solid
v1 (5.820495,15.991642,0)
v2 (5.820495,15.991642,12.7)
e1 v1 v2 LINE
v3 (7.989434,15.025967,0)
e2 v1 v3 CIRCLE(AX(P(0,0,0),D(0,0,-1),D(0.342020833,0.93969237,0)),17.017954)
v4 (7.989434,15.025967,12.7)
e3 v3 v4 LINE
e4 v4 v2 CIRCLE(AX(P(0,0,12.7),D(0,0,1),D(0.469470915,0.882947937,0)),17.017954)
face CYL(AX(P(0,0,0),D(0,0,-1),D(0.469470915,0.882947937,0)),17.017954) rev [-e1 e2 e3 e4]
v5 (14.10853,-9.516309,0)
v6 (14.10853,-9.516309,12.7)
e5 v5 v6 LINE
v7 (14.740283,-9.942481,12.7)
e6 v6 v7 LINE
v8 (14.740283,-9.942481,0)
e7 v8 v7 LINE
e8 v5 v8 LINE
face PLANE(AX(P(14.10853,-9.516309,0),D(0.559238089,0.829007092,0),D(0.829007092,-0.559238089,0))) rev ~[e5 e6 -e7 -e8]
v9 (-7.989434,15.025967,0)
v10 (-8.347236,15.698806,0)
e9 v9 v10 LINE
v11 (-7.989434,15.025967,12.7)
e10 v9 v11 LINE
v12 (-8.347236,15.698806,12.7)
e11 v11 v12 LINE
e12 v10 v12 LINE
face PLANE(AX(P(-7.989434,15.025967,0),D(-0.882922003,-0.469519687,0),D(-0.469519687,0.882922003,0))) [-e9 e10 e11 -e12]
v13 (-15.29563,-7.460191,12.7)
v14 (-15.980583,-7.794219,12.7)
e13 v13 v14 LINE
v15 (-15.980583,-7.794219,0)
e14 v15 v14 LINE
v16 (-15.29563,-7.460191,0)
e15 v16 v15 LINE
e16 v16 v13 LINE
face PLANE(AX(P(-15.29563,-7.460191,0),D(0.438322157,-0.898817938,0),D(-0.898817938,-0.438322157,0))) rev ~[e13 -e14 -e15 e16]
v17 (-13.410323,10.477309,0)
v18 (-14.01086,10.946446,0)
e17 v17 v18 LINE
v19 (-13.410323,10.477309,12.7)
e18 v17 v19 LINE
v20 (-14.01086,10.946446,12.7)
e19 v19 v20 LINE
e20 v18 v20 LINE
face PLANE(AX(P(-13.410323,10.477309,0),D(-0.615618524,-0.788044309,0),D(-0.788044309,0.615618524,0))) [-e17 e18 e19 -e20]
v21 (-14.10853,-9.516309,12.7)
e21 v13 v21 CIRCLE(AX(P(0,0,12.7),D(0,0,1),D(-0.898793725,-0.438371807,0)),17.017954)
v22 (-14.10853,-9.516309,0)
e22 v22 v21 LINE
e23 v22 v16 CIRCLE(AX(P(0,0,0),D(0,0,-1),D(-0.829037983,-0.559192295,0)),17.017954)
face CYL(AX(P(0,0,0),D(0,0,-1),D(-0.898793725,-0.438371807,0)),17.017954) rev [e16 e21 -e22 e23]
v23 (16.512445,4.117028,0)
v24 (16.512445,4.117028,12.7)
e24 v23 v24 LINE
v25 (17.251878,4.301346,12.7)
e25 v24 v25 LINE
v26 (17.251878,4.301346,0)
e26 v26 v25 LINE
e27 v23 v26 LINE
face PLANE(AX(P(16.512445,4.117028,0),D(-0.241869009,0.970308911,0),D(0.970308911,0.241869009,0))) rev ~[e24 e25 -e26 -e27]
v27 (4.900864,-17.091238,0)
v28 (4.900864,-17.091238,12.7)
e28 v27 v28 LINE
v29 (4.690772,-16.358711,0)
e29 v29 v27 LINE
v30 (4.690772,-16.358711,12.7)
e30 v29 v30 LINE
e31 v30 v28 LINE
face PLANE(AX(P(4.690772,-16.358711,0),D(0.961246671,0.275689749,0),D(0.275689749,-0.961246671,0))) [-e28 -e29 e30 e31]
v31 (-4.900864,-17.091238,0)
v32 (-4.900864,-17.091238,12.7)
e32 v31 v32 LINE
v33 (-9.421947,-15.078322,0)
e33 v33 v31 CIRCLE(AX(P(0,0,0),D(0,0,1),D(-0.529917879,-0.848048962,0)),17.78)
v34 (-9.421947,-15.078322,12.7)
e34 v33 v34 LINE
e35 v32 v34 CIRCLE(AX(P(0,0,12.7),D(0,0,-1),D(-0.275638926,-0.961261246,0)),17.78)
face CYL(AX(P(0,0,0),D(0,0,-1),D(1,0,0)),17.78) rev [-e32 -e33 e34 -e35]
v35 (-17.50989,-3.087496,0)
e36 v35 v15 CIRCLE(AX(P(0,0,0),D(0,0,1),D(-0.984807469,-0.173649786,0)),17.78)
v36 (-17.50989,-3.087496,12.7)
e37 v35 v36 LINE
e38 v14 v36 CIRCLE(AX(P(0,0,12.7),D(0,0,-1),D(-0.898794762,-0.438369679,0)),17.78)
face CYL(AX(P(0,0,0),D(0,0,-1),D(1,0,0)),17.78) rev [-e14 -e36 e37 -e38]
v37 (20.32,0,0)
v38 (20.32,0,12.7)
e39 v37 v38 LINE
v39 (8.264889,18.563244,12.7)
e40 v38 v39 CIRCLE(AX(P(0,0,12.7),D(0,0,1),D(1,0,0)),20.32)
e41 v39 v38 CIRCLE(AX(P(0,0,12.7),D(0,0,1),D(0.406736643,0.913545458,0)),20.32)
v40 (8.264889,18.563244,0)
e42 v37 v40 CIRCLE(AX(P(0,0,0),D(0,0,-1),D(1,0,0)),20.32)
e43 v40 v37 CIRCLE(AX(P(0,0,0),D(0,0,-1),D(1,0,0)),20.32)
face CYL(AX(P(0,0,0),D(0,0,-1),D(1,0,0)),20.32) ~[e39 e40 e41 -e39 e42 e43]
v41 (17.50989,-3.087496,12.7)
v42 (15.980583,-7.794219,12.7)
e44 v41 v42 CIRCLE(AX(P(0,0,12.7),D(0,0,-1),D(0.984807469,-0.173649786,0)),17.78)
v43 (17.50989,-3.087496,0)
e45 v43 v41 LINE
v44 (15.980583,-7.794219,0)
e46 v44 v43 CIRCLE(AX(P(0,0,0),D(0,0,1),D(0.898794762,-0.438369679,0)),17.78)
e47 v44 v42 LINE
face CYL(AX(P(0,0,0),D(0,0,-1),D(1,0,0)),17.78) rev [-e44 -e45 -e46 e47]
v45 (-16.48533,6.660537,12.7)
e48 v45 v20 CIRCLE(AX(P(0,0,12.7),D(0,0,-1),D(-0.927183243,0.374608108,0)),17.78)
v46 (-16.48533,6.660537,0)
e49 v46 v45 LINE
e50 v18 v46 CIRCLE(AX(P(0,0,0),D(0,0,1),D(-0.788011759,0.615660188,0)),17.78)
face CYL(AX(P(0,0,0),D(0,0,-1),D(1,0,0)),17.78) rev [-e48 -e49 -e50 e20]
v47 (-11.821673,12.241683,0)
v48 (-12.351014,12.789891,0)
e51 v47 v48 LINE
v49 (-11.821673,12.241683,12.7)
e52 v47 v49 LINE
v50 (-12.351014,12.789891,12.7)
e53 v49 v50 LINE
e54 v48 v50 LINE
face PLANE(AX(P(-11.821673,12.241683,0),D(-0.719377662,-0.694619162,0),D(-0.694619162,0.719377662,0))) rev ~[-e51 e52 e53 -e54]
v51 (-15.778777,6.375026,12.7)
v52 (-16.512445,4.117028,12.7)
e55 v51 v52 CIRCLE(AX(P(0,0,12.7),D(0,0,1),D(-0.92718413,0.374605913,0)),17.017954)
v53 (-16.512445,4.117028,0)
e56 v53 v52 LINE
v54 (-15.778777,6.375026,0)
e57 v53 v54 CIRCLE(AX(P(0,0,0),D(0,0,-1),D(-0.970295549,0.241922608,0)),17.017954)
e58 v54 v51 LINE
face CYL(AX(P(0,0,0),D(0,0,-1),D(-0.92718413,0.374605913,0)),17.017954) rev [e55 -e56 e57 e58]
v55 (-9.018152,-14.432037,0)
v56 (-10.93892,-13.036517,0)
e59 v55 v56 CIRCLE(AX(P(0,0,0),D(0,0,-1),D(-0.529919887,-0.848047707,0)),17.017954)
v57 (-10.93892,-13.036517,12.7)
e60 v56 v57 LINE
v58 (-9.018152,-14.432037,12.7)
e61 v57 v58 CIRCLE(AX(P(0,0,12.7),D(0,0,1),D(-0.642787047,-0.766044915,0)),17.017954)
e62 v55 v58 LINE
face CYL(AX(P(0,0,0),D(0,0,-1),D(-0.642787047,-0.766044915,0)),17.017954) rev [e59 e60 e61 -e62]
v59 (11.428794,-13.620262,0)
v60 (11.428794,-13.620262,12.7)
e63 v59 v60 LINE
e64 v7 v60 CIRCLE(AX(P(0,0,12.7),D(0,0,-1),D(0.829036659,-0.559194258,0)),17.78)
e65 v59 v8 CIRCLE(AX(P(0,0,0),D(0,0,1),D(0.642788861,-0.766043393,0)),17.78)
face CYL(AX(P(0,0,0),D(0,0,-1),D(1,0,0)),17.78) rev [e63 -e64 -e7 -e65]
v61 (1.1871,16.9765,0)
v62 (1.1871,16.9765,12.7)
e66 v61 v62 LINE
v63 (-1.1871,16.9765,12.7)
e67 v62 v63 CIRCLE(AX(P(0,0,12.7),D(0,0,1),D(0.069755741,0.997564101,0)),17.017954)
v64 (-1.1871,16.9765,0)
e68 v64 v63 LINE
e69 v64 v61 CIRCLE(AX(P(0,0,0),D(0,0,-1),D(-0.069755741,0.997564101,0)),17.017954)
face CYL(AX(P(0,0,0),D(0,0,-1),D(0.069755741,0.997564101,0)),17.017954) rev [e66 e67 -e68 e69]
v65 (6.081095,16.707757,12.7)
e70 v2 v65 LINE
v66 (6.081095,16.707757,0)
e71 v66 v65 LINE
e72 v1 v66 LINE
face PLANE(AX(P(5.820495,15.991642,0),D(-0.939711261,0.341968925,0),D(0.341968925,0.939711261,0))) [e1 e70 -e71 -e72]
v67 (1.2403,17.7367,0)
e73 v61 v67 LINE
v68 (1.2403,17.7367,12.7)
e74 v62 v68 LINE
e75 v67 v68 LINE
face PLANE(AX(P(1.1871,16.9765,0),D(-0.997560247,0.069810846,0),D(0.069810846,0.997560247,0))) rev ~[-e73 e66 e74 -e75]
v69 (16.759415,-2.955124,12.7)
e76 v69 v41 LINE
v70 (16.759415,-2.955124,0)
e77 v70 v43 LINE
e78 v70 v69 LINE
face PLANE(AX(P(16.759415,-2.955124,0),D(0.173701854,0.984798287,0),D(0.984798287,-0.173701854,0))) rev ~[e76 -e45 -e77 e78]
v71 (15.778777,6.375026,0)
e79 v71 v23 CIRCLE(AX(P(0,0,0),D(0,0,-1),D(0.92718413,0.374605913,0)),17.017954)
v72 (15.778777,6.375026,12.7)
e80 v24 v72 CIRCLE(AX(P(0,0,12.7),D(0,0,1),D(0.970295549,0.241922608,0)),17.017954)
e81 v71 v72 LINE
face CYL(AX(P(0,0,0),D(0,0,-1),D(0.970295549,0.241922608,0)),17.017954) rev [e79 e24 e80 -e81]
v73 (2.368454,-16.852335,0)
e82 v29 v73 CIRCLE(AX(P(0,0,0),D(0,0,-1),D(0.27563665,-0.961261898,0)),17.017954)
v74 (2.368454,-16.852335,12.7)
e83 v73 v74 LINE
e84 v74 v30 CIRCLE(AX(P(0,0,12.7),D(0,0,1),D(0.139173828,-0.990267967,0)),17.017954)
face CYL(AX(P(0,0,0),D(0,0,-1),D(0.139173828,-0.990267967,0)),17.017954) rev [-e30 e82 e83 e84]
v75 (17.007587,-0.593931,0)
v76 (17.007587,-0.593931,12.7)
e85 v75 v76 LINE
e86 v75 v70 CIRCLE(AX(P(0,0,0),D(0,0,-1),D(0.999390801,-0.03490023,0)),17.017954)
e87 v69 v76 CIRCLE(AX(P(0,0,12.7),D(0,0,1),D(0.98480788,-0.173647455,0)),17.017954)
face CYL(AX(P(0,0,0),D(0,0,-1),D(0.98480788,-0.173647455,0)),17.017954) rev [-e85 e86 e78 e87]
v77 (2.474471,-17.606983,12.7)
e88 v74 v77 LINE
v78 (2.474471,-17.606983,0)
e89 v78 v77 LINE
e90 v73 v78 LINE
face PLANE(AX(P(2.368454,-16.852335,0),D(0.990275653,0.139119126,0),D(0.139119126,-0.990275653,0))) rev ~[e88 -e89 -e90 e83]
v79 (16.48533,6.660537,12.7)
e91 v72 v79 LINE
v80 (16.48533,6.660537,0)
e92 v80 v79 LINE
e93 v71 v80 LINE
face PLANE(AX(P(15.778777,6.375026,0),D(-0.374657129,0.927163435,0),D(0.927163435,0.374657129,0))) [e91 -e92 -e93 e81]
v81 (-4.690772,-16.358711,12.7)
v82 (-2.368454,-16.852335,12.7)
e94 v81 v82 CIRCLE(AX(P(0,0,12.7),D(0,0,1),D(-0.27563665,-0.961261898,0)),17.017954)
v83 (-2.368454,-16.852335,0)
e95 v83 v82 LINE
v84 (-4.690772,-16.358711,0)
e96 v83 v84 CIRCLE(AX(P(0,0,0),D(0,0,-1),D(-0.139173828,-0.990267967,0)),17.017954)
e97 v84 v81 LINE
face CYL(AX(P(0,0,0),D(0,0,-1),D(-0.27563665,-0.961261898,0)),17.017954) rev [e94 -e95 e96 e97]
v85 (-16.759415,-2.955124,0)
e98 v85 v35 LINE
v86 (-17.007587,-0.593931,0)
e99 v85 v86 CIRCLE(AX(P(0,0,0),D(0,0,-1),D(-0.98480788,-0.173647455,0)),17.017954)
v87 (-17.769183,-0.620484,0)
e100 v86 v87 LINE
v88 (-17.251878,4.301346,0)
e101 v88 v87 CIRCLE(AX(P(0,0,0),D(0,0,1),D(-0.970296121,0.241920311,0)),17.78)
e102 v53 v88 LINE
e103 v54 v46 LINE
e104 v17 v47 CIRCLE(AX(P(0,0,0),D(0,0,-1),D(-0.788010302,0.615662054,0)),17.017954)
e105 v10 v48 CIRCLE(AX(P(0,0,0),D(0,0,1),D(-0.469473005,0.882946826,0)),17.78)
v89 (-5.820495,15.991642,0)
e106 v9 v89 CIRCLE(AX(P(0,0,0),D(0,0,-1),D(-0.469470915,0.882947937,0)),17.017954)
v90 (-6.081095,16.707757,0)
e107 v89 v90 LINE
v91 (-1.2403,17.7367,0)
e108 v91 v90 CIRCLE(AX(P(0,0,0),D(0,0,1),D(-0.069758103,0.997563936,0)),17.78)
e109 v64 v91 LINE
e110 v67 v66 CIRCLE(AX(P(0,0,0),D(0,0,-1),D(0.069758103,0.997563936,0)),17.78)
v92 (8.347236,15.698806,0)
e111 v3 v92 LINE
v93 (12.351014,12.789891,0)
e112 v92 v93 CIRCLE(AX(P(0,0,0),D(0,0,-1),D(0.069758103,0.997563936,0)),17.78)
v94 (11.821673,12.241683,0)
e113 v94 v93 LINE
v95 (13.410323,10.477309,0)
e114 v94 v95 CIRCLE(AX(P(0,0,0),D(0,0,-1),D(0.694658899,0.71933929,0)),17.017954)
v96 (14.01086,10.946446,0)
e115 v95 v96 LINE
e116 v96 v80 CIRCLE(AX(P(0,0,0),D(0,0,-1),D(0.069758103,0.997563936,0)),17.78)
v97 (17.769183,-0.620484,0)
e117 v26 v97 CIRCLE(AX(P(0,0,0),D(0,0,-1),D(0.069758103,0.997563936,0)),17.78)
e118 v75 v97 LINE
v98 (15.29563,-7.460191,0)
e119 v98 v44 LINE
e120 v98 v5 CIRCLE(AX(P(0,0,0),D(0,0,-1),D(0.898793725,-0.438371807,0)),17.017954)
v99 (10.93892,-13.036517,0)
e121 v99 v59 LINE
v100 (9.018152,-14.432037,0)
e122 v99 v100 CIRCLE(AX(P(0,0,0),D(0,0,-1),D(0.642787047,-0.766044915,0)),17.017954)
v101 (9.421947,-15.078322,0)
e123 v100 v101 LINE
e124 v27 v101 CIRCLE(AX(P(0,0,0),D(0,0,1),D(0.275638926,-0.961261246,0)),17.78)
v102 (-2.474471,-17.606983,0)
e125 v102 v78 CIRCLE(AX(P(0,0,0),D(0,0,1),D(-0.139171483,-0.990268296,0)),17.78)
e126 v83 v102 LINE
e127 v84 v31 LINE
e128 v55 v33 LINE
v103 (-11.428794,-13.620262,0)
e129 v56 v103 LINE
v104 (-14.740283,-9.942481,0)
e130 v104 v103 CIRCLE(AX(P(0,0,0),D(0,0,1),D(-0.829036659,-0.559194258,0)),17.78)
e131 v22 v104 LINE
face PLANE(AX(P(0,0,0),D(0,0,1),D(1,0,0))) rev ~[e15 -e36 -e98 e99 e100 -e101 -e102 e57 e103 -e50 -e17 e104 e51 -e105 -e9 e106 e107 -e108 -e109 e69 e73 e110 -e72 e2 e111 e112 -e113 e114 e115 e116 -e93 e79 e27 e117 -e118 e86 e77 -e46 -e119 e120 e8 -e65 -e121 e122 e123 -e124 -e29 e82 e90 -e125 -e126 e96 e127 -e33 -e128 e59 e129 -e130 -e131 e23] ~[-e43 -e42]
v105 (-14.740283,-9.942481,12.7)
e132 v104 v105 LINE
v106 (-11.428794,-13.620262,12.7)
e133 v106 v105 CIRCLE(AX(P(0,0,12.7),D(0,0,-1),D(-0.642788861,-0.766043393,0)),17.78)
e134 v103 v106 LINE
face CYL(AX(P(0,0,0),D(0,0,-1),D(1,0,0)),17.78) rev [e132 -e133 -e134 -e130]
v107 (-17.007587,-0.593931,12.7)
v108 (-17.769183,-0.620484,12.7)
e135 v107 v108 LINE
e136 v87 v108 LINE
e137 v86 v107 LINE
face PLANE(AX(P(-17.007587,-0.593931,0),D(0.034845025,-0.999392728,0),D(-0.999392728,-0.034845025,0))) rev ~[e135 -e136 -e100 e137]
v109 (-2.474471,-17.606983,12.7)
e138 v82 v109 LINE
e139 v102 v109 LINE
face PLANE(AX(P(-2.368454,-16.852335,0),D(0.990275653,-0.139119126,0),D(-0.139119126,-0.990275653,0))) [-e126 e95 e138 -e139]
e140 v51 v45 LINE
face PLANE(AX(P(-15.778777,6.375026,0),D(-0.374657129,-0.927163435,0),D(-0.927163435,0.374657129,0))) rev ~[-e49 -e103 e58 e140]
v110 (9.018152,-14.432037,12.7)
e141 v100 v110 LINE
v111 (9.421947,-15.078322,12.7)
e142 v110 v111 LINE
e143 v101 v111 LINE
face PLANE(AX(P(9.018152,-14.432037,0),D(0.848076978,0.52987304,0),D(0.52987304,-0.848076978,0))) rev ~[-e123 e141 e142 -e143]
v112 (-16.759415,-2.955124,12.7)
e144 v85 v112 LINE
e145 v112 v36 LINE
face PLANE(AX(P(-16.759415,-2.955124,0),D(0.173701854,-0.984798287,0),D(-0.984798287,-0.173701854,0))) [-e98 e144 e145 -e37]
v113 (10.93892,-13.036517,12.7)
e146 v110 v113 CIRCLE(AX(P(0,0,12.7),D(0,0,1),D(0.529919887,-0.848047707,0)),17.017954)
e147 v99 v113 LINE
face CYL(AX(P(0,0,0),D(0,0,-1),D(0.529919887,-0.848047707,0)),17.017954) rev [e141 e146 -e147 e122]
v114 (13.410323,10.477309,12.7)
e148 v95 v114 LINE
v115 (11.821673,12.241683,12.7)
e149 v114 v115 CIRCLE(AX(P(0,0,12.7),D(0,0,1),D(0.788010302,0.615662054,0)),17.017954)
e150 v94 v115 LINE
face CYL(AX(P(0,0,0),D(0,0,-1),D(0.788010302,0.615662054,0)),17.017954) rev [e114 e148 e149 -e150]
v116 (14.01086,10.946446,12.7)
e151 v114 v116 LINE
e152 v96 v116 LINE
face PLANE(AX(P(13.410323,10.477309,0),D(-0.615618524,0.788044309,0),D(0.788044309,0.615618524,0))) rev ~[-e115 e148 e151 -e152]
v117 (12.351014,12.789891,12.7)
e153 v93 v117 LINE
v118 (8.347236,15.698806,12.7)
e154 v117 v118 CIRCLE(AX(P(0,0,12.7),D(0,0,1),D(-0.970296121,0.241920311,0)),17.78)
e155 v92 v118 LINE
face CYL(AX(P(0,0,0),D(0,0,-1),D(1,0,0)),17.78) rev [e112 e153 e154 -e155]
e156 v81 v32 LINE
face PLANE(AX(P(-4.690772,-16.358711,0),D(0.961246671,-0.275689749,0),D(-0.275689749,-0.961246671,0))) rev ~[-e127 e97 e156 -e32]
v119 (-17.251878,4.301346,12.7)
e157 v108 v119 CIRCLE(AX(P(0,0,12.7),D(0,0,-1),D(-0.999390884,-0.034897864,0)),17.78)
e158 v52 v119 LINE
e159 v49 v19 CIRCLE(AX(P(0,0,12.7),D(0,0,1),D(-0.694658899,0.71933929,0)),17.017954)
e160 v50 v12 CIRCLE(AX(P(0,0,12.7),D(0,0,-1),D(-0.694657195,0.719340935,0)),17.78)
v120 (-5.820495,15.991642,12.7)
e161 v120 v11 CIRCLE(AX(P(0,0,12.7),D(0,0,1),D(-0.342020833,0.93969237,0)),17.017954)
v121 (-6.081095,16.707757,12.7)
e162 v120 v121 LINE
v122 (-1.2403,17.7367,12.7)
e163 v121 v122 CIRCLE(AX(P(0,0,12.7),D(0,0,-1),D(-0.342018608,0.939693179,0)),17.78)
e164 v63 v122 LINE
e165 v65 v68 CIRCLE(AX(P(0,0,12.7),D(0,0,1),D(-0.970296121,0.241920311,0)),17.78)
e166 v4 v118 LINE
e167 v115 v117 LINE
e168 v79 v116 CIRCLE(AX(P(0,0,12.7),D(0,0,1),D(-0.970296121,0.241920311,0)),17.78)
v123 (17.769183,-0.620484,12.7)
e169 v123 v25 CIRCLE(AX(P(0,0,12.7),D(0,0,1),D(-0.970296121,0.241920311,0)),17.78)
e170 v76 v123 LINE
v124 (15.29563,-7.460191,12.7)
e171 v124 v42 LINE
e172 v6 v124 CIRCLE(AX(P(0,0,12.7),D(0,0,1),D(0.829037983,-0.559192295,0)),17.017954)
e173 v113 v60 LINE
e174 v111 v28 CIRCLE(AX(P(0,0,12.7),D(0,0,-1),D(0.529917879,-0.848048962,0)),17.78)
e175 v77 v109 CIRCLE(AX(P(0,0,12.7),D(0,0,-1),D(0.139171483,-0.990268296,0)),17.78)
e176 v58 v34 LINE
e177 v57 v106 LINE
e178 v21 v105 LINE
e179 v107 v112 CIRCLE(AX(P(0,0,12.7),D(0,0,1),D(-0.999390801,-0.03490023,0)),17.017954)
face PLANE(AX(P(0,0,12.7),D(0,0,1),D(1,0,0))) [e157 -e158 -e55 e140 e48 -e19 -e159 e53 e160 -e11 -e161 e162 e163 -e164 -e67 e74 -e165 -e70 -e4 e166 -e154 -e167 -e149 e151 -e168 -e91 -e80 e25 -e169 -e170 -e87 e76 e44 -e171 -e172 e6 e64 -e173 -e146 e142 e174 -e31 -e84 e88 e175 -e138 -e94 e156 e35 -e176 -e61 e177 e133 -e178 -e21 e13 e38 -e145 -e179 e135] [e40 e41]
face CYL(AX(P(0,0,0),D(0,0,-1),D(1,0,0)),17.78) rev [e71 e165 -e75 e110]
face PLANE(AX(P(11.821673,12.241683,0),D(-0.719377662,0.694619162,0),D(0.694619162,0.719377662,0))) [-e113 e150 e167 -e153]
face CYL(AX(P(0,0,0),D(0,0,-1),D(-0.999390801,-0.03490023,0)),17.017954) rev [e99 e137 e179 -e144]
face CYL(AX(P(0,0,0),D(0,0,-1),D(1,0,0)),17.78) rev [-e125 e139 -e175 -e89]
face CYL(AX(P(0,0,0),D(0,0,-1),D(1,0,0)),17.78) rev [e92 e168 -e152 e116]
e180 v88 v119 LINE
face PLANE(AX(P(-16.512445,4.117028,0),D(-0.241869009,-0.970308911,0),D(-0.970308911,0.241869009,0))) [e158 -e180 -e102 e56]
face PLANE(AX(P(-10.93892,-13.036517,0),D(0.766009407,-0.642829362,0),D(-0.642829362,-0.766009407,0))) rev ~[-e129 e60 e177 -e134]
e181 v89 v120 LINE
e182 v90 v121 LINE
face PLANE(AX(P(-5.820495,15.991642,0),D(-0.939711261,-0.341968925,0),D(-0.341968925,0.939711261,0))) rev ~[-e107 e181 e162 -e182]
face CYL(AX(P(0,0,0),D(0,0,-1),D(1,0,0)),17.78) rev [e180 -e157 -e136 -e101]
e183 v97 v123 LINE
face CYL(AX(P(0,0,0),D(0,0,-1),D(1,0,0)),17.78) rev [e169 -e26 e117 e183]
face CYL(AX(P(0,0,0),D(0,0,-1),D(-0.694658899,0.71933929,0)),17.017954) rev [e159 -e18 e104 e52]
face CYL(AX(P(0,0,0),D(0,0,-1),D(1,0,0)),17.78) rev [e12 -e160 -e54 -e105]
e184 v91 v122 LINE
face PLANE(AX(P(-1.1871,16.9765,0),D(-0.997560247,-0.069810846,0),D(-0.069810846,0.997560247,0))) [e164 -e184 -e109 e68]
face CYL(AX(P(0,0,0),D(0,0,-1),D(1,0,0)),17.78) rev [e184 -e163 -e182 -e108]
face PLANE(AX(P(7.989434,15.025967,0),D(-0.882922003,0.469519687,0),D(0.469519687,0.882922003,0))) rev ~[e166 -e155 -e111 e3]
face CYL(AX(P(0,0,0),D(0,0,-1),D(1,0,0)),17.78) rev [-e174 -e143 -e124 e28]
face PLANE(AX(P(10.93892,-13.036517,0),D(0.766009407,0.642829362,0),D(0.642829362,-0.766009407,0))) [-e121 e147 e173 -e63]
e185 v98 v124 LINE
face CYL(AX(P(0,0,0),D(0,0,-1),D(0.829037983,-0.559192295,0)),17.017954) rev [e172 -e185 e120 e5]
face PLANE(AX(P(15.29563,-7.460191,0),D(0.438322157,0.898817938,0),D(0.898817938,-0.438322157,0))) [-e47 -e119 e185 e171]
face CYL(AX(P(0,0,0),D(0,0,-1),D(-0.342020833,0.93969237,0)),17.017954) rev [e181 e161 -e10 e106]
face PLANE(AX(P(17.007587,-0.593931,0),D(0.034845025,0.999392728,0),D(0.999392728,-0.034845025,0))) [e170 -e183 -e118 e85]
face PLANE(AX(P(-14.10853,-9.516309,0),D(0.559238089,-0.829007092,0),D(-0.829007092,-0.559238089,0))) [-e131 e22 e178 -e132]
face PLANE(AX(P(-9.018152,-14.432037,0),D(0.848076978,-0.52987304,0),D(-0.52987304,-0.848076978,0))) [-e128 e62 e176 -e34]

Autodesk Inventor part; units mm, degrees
ref_plane "YZ Plane" through (0, 0, 0) normal (1, 0, 0) x (0, 1, 0)
ref_plane "XZ Plane" through (0, 0, 0) normal (0, 1, 0) x (-1, 0, 0)
ref_plane "XY Plane" through (0, 0, 0) normal (0, 0, 1) x (1, 0, 0)
sketch "Sketch1" plane through (0, 0, 0) normal (0, 0, 1) x (1, 0, 0)
  circle A0 centre (0, 0) radius 20.32
  circle A1 centre (0, 0) radius 17.78
  arc A2 (1.1871, 16.9765) -> (-1.1871, 16.9765) centre (0, 0) ccw
  line L0 (0, 17.018) -> (0, 20.32)
  line L1 (1.1871, 16.9765) -> (1.2403, 17.7367)
  line L2 (-1.1871, 16.9765) -> (-1.2403, 17.7367)
  dimension "d0" = 40.64
  dimension "d1" = 2.54
  dimension "d2" = 0.762
  dimension "d3" = 4
  dimension "d4" = 4
extrude "Extrusion1" add sketch "Sketch1" along normal blind 12.7 contours A1 L1 A2 L0 | L0 A2 L2 A1 | A0
pattern_circular "Circular Pattern1" count 15 over 360 about axis through (0, 0, 0) along (0, 0, 1) of "Extrusion1"
properties part number "RubberWheelNT"
